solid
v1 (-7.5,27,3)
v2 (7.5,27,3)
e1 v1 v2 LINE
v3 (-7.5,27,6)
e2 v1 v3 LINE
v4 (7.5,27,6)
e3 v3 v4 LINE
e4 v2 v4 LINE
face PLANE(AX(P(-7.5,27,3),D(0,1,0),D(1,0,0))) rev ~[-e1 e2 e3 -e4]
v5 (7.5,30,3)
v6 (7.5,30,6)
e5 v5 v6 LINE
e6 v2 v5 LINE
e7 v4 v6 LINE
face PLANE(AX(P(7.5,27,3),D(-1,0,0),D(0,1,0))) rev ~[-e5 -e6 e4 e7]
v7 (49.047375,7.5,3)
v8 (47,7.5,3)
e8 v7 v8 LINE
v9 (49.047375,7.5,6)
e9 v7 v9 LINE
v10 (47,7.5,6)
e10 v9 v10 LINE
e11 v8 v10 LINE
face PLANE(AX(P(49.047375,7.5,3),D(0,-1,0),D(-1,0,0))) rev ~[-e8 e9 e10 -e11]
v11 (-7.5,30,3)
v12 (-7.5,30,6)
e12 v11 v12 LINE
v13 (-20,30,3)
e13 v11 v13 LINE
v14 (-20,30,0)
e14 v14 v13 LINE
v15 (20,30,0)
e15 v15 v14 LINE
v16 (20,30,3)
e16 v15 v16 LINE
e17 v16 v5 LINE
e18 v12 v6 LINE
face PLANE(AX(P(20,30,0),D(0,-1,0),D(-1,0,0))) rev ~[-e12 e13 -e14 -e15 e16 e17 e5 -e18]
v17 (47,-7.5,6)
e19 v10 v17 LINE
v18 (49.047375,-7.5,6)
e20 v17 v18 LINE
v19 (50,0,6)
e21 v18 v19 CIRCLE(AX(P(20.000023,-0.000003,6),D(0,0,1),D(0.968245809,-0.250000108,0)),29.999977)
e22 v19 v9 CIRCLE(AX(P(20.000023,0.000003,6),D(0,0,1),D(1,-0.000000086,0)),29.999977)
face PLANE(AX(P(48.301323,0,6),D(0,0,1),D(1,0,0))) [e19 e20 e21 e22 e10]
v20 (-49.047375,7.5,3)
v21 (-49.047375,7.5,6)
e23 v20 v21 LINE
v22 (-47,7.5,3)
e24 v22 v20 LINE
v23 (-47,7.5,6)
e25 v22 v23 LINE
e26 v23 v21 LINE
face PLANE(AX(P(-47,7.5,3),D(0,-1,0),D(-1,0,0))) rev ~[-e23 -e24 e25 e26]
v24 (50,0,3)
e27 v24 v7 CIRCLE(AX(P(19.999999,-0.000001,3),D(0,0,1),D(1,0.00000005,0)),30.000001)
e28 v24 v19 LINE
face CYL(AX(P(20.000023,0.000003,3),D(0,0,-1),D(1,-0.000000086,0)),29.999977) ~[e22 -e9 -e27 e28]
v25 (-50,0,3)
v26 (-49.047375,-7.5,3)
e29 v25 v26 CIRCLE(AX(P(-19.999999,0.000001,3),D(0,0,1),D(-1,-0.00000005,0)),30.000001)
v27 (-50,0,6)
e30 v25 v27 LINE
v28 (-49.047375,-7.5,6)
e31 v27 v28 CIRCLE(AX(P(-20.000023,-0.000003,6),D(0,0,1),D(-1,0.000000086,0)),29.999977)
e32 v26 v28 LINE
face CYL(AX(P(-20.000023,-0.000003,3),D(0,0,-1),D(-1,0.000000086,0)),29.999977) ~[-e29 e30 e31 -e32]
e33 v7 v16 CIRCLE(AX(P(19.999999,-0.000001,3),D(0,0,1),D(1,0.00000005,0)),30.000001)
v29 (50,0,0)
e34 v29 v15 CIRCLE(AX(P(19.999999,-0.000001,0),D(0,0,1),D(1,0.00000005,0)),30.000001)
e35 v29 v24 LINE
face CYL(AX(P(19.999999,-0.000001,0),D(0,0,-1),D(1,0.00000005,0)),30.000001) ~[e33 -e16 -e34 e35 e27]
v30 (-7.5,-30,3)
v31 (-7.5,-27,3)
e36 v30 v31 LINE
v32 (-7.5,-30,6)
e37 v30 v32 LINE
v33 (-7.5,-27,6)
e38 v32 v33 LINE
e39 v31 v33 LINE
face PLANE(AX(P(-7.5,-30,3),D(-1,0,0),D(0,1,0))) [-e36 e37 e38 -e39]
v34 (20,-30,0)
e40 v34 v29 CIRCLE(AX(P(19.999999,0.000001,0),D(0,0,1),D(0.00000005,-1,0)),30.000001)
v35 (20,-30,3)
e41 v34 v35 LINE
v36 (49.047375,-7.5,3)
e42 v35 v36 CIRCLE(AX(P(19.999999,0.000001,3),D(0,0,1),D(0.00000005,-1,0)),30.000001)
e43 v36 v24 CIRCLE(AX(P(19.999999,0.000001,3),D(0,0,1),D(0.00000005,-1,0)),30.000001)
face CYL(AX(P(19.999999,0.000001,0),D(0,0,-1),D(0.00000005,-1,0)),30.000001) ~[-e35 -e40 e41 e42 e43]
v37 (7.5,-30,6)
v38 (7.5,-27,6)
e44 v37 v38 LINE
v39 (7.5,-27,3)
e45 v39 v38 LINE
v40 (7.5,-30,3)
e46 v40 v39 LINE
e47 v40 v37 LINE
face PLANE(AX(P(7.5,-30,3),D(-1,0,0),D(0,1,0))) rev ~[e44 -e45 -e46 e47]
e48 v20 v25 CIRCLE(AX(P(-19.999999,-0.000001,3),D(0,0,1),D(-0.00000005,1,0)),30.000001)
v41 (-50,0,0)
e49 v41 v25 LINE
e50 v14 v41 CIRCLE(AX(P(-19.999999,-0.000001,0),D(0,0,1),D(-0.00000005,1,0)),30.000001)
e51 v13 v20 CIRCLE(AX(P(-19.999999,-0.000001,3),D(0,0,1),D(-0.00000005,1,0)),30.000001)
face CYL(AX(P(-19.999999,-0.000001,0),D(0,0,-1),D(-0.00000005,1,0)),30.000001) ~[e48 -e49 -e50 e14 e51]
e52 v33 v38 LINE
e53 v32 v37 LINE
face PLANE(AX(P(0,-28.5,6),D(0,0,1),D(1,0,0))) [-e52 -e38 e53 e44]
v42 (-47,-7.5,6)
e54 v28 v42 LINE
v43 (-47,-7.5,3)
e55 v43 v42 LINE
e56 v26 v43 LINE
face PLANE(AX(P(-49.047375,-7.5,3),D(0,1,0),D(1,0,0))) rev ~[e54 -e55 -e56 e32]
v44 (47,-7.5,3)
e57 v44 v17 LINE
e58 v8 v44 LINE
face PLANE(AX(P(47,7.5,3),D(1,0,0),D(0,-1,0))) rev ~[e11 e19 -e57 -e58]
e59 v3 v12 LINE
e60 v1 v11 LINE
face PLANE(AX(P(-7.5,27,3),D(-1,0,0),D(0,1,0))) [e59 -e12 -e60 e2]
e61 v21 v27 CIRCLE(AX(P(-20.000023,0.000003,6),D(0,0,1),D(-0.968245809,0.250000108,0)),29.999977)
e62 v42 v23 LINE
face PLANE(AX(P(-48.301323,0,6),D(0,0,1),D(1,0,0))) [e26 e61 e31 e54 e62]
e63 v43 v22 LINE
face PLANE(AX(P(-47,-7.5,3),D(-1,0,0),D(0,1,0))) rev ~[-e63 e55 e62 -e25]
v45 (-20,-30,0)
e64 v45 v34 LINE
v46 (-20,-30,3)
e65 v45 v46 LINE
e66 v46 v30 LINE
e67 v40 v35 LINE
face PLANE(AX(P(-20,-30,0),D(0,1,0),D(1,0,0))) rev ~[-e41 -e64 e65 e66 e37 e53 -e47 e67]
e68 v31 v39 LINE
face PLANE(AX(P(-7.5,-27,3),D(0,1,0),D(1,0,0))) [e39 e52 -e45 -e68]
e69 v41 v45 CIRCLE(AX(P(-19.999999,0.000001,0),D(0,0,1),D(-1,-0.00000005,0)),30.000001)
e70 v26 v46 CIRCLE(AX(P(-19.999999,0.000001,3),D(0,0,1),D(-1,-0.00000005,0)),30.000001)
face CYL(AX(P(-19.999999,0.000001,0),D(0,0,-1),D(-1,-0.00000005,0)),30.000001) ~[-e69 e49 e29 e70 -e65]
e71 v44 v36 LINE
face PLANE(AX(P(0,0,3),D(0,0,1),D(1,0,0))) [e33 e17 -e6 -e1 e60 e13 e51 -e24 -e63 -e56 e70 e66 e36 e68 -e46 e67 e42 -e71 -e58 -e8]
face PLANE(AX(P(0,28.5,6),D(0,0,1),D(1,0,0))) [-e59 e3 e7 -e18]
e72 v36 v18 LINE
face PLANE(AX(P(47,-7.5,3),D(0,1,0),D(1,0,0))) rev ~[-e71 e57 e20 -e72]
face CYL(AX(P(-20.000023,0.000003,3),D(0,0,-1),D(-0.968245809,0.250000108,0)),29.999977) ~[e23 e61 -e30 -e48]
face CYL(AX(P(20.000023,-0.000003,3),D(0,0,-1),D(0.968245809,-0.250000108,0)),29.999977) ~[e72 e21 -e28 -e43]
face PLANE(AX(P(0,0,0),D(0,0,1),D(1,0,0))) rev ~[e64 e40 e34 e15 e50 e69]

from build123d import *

# Parameters (mm, degrees)
F1_DEPTH = 3
F2_W     = 15
F2_H     = 3
F3_DEPTH = 3


with BuildPart() as f1:
    # F0 (on Top) → F1 (new body)
    with BuildSketch(Plane.XY):
        with BuildLine():
            Line((20, 30), (-20, 30))
            ThreePointArc((-20, 30), (-41.213203, 21.213203), (-50, 0))
            ThreePointArc((-50, 0), (-41.213203, -21.213203), (-20, -30))
            Line((-20, -30), (20, -30))
            ThreePointArc((20, -30), (41.213203, -21.213203), (50, 0))
            ThreePointArc((50, 0), (41.213203, 21.213203), (20, 30))
        make_face()
    extrude(amount=F1_DEPTH)

    # F2 (on face) → F3 (join)
    with BuildSketch(Plane.XY.offset(3)):
        with Locations((0, 28.5)):
            Rectangle(F2_W, F2_H)
        with BuildLine():
            Line((-47, 7.5), (-49.047375, 7.5))
            ThreePointArc((-49.047375, 7.5), (-49.760891, 3.780129), (-50, 0))
            ThreePointArc((-50, 0), (-49.760891, -3.780129), (-49.047375, -7.5))
            Line((-49.047375, -7.5), (-47, -7.5))
            Line((-47, -7.5), (-47, 7.5))
        make_face()
        with Locations((0, -28.5)):
            Rectangle(F2_W, F2_H)
        with BuildLine():
            ThreePointArc((50, 0), (49.760891, 3.780129), (49.047375, 7.5))
            Line((49.047375, 7.5), (47, 7.5))
            Line((47, 7.5), (47, -7.5))
            Line((47, -7.5), (49.047375, -7.5))
            ThreePointArc((49.047375, -7.5), (49.760891, -3.780129), (50, 0))
        make_face()
    extrude(amount=F3_DEPTH)


solid = f1.part
